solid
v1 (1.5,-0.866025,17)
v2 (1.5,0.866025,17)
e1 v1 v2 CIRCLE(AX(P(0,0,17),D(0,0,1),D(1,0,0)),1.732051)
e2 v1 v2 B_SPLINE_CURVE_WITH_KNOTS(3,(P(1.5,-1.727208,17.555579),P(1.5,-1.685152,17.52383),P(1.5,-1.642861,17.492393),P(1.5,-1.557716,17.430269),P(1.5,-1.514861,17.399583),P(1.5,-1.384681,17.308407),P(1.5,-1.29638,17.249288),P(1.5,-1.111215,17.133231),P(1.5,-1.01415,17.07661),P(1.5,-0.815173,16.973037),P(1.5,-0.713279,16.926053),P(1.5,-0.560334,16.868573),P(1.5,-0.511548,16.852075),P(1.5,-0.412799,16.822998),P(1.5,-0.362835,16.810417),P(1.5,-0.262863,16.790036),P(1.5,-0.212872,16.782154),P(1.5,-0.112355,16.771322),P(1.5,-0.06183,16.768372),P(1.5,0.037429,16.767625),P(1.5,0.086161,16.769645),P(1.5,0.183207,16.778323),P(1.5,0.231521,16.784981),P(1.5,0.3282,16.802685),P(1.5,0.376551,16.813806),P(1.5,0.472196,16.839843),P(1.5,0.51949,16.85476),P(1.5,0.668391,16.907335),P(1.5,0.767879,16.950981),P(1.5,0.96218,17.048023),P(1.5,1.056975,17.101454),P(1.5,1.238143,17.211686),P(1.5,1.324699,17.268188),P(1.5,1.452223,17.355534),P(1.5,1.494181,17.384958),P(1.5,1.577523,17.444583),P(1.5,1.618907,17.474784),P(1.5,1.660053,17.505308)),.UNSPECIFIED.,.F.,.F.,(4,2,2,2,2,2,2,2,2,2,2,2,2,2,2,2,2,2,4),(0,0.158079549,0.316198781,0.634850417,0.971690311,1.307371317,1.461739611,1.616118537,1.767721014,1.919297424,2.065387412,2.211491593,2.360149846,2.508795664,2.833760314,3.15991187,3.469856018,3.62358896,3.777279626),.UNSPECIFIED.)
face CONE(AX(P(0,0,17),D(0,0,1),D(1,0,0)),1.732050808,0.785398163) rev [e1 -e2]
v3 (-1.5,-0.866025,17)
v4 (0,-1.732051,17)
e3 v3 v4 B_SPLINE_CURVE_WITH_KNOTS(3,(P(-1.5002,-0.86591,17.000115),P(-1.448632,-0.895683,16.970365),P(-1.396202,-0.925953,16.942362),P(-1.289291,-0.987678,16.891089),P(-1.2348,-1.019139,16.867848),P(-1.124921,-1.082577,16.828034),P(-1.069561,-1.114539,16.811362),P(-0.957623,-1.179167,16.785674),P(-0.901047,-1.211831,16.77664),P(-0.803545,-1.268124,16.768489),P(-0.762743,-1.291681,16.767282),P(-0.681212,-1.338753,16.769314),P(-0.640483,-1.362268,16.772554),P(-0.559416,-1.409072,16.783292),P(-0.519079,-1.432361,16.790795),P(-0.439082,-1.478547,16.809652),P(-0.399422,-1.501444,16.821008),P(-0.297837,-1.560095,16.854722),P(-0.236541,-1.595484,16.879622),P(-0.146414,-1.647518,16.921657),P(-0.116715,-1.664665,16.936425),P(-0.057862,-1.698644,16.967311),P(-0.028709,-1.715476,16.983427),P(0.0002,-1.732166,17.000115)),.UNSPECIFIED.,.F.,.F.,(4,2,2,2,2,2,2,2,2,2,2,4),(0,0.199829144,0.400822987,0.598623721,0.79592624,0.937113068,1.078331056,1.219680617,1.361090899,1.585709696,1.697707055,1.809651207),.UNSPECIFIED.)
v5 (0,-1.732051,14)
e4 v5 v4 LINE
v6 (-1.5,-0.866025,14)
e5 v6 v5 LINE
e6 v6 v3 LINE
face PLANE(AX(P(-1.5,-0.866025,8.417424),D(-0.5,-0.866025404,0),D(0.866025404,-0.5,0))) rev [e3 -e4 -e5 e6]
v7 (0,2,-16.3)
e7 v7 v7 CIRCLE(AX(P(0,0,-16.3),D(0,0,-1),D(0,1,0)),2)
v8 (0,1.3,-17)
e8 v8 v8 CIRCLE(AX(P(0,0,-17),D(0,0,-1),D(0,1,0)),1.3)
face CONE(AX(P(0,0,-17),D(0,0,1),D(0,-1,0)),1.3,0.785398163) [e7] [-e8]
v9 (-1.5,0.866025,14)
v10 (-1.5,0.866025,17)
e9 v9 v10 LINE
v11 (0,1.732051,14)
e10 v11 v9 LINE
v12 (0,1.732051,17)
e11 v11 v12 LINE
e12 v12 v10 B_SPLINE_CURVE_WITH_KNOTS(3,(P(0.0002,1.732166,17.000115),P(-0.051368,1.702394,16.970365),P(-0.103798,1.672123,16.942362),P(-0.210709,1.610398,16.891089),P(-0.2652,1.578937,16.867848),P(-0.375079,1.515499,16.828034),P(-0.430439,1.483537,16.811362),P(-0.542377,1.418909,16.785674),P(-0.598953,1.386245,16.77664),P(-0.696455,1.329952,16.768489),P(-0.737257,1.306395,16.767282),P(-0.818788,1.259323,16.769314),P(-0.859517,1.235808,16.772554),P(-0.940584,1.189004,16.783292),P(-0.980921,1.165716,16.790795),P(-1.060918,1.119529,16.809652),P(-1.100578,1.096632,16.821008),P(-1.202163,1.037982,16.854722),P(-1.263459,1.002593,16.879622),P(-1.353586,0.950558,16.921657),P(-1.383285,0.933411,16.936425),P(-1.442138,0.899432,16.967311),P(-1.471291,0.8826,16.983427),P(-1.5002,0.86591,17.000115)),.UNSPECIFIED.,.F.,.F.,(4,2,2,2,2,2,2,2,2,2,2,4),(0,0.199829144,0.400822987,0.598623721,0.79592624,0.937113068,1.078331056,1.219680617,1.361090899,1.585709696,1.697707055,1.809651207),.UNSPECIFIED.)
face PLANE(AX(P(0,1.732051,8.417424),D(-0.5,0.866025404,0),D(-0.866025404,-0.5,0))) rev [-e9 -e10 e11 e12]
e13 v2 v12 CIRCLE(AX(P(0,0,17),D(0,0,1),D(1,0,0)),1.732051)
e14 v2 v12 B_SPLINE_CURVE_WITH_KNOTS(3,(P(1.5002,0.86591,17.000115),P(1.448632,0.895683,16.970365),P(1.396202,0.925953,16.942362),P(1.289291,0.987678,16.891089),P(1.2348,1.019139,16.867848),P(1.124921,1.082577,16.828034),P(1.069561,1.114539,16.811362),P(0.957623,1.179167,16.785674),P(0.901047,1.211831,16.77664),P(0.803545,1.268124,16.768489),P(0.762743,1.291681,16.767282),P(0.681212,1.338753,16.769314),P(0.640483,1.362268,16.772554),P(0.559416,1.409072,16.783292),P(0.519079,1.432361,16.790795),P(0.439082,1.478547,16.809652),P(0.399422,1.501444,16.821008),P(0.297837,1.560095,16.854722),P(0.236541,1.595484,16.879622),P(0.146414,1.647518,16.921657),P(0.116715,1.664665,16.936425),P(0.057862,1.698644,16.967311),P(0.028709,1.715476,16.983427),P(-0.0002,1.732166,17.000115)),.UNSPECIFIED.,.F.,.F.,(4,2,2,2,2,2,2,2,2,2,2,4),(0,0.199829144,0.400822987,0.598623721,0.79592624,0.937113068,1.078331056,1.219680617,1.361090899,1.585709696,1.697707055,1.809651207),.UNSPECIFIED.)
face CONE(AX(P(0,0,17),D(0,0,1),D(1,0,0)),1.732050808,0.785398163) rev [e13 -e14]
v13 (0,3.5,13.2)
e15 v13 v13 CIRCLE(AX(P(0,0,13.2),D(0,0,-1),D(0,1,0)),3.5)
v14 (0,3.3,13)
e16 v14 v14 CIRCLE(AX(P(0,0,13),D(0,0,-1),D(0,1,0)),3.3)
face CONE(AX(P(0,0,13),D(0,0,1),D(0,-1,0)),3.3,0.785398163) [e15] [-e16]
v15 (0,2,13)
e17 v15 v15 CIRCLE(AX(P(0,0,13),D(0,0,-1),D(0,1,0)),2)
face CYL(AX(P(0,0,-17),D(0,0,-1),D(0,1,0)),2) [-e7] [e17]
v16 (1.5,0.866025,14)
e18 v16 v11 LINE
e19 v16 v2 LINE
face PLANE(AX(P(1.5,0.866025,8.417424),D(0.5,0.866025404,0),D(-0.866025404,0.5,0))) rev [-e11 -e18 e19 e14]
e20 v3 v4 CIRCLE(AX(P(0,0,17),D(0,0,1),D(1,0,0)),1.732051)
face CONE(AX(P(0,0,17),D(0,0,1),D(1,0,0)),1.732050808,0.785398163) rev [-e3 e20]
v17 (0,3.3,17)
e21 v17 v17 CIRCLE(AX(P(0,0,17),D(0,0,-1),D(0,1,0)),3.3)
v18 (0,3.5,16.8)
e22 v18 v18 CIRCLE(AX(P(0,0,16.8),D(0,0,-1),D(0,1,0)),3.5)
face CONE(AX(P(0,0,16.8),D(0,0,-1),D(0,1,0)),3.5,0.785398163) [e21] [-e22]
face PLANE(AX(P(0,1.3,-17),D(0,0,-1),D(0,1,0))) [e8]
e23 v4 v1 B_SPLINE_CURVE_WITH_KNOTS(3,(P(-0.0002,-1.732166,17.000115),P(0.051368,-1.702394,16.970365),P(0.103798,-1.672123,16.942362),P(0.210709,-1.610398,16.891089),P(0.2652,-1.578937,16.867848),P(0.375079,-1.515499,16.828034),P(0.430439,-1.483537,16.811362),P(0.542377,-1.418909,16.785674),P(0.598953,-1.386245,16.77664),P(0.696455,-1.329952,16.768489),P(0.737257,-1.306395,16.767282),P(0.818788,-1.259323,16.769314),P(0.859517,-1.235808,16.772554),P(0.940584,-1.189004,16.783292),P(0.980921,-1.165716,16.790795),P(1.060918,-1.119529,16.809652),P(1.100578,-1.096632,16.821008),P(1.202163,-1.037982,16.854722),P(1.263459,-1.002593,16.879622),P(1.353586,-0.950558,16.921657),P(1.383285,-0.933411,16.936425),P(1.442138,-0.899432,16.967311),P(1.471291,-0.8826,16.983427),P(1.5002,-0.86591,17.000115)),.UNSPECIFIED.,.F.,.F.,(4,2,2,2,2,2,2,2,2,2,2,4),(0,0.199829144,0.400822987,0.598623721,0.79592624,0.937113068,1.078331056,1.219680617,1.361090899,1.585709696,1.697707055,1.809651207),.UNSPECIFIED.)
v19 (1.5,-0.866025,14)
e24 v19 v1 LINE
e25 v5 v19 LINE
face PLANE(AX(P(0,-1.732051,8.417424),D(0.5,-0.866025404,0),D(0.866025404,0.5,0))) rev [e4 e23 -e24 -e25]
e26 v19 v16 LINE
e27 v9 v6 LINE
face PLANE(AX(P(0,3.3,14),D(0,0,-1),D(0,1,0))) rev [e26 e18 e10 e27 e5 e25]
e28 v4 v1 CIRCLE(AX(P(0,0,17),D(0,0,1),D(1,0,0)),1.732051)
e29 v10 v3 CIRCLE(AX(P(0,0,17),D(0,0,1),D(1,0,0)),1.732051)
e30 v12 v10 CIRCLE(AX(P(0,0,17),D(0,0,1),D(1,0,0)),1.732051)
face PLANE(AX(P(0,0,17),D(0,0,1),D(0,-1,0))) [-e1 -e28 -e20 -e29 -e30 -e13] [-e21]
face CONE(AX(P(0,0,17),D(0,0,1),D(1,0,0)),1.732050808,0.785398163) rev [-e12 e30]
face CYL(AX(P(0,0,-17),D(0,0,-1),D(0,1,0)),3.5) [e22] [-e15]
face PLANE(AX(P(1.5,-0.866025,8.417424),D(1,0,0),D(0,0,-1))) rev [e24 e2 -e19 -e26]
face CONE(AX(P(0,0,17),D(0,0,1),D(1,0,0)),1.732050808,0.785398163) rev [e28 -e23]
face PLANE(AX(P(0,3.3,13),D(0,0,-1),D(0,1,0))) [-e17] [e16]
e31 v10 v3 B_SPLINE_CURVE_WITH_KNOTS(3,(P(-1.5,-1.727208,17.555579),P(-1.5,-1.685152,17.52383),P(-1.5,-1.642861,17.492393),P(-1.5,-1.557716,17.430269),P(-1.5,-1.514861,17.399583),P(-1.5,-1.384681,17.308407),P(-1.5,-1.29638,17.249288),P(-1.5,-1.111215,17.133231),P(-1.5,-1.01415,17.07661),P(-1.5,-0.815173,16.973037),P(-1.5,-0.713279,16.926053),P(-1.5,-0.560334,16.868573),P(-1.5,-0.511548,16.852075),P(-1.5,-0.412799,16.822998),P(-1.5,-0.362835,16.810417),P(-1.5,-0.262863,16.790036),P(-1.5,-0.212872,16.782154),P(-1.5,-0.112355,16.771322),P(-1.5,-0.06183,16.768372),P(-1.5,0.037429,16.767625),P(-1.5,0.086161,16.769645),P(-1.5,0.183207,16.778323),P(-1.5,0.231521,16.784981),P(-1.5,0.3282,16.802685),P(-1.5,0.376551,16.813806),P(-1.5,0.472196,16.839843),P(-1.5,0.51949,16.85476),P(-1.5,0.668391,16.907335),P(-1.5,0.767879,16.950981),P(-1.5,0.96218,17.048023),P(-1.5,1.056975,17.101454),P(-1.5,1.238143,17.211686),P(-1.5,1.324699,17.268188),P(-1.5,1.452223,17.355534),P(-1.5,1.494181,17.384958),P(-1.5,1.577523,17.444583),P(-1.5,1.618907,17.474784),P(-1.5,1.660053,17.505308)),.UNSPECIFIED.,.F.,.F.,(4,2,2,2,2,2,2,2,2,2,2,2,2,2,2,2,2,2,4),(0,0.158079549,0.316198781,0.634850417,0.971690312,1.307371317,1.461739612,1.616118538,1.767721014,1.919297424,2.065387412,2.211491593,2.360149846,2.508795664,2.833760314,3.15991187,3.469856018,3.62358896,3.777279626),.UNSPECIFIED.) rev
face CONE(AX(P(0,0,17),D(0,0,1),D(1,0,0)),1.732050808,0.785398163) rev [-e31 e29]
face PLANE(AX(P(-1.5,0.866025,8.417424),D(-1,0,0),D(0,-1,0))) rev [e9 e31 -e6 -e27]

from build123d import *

# Parameters (mm, degrees)
CUT_EXTRUDE1_DEPTH = 3


with BuildPart() as part:
    # Sketch2 → Revolve1 (revolve)
    with BuildSketch(Plane(origin=(0, 0, 0), x_dir=(0, 0, -1), z_dir=(1, 0, 0))):
        Polygon((-17, 0), (-17, 3.3), (-16.8, 3.5), (-13.2, 3.5), (-13, 3.3), (-13, 2), (16.3, 2), (17, 1.3), (17, 0), align=None)
    revolve(axis=Axis((0, 0, -17), (0, 0, 1)))

    # Sketch3 → Cut-Extrude1 (cut)
    with BuildSketch(Plane.XY.offset(17)):
        Polygon((1.5, -0.866025404), (1.5, 0.866025404), (0, 1.732050808), (-1.5, 0.866025404), (-1.5, -0.866025404), (0, -1.732050808), align=None)
    extrude(amount=-CUT_EXTRUDE1_DEPTH, mode=Mode.SUBTRACT)

    # Cut-Extrude2 cone 1 section (through the dimple's axis) → Cut-Extrude2 (revolve, cut)
    with BuildSketch(Plane(origin=(0, 0, 17), x_dir=(0, -1, 0), z_dir=(1, 0, 0))):
        Polygon((0, 0), (1.732050808, 0), (0, 1.732050808), align=None)
    revolve(axis=Axis((0, 0, 17), (0, 0, -1)), mode=Mode.SUBTRACT)


solid = part.part
